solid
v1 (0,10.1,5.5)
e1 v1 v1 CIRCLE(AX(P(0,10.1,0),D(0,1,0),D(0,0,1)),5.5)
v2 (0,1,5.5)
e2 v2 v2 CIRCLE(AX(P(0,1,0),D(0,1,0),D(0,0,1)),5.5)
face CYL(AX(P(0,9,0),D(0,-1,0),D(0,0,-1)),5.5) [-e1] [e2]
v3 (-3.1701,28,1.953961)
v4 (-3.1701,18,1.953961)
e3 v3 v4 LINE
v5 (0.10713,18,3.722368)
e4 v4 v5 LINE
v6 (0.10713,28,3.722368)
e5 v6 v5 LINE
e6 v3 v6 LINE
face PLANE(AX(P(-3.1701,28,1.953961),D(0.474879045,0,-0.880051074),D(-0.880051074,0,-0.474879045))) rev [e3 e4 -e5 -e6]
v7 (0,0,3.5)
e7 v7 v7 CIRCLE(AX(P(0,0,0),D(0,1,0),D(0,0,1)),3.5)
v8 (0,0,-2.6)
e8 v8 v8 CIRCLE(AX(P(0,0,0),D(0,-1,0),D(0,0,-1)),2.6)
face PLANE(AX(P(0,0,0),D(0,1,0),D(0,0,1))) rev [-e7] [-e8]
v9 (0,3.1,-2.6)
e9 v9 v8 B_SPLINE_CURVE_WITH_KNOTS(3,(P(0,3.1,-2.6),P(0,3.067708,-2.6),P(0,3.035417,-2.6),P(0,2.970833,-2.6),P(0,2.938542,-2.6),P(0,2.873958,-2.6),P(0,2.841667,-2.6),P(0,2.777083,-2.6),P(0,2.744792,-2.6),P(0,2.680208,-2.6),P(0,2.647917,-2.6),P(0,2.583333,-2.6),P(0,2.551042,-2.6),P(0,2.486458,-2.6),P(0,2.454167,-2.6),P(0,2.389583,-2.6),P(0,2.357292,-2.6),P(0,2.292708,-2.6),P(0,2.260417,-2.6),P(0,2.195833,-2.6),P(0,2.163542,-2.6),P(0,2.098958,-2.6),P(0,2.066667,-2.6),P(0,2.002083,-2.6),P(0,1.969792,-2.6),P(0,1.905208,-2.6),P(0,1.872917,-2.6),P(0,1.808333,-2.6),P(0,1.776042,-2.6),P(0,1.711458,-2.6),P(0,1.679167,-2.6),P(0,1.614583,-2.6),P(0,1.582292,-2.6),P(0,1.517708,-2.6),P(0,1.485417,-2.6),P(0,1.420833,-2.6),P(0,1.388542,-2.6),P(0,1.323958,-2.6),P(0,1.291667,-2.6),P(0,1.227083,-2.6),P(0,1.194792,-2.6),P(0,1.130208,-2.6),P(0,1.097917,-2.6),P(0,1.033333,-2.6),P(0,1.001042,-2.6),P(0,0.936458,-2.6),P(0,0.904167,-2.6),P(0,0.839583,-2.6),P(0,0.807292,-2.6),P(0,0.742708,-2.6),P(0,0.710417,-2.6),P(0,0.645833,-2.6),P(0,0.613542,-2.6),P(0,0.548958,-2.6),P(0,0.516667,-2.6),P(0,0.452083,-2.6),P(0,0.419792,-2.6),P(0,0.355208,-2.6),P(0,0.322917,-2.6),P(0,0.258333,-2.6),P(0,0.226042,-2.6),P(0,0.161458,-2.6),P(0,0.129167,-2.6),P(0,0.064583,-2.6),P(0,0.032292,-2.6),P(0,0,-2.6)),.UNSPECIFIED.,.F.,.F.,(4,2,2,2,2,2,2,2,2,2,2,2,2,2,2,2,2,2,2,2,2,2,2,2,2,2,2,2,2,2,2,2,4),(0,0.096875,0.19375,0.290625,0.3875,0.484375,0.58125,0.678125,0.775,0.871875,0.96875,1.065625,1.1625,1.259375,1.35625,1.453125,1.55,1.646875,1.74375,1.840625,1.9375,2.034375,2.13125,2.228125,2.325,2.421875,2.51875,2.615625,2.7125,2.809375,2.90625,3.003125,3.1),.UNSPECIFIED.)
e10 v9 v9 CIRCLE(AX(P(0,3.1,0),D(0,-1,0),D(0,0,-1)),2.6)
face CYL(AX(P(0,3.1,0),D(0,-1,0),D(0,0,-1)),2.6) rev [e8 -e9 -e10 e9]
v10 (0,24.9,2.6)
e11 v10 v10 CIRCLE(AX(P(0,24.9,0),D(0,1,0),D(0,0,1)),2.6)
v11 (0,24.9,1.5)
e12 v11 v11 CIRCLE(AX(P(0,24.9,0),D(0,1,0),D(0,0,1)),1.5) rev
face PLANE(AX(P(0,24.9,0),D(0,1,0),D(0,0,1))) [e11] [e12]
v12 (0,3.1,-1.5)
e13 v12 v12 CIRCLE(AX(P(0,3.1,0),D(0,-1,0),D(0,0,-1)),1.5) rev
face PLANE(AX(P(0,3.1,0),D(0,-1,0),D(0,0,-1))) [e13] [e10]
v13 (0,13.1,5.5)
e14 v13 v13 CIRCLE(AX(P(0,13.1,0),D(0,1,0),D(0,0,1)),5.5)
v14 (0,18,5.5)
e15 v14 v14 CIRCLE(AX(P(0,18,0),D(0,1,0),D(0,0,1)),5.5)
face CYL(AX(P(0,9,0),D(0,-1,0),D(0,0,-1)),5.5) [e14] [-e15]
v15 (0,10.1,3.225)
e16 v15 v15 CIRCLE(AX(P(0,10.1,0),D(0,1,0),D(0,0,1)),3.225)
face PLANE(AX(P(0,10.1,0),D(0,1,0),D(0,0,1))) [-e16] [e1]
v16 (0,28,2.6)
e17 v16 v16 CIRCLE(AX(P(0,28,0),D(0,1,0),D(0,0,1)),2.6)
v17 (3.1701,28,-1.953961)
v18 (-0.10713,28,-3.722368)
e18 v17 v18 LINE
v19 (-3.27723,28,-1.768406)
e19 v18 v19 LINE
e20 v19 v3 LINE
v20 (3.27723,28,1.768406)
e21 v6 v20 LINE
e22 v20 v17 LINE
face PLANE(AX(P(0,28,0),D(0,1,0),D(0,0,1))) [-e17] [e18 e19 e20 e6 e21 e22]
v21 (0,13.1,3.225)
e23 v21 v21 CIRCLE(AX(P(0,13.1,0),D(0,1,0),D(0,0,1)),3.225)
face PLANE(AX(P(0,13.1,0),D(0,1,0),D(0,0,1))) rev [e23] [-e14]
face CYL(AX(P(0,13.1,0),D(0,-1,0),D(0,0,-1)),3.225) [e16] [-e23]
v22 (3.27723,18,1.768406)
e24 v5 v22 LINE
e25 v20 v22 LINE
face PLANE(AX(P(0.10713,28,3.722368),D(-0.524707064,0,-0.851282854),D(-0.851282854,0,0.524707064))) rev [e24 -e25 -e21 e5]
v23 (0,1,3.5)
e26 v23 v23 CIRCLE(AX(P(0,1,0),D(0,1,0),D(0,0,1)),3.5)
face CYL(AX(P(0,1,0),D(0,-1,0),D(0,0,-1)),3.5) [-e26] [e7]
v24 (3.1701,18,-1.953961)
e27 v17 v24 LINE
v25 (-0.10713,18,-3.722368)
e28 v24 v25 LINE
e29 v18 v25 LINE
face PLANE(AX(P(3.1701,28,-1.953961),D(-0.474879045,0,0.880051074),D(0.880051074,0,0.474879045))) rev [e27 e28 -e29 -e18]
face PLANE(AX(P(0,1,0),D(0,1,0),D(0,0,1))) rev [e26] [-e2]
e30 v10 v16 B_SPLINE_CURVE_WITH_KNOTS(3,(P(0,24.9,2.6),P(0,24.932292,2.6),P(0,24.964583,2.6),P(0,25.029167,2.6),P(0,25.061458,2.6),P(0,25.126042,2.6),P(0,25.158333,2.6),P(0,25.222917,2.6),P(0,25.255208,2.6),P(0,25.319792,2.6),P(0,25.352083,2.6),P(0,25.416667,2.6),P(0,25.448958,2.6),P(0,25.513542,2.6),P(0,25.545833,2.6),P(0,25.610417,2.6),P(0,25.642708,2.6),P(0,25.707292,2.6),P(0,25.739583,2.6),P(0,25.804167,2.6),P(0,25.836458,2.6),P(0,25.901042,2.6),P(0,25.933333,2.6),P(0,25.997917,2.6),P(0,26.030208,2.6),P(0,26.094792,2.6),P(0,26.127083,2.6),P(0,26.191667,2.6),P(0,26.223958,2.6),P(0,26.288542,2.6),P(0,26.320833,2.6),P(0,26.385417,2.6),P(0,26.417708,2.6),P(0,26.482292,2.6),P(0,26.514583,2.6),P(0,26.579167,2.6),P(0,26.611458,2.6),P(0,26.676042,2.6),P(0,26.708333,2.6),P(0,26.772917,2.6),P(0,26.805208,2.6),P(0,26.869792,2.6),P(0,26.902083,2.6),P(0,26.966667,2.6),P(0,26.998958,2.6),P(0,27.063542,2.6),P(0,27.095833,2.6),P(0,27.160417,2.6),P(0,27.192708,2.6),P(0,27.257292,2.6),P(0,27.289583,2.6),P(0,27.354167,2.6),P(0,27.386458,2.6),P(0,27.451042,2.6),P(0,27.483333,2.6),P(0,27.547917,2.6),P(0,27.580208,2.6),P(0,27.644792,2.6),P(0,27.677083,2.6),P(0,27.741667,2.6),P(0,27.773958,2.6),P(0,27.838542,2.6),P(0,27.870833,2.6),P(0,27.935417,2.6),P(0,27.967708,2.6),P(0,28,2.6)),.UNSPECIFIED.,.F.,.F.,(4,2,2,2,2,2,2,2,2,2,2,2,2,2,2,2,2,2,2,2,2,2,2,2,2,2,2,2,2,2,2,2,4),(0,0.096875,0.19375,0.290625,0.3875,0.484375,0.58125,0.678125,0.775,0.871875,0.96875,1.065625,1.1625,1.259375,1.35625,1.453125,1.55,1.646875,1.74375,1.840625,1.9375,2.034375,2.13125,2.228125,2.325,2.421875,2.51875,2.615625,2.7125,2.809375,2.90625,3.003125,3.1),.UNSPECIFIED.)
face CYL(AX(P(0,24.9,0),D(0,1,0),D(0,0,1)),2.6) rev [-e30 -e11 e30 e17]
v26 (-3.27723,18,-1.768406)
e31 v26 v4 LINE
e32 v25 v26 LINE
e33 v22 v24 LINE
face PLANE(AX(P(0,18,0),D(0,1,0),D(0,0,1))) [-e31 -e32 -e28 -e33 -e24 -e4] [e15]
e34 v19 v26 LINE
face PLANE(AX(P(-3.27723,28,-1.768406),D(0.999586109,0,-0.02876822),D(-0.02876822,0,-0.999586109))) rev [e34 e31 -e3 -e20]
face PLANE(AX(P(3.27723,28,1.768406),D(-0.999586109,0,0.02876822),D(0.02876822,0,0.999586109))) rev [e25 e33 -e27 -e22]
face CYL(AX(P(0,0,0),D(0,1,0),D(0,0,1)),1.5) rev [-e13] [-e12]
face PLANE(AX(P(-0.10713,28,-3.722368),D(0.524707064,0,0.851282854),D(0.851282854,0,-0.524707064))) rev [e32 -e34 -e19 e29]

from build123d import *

# Parameters (mm, degrees)
SKETCH1_R           = 3.5
BOSS_EXTRUDE1_DEPTH = 1
SKETCH2_R           = 5.5
BOSS_EXTRUDE2_DEPTH = 8
SKETCH3_R           = 5.5
BOSS_EXTRUDE3_DEPTH = 9
BOSS_EXTRUDE5_DEPTH = 10
SKETCH5_R           = 1.5
CUT_EXTRUDE1_DEPTH  = 30.060282173
SKETCH6_R           = 2.6
CUT_EXTRUDE2_DEPTH  = 3.1
SKETCH7_R           = 8.67620316
SKETCH7_R_2         = 3.225
CUT_EXTRUDE3_DEPTH  = 3
CUT_EXTRUDE4_START  = -3.1
SKETCH8_R           = 2.6
CUT_EXTRUDE4_DEPTH  = 3.1


with BuildPart() as part:
    # Sketch1 → Boss-Extrude1 (new body)
    with BuildSketch(Plane(origin=(0, 0, 0), x_dir=(1, 0, 0), z_dir=(0, 1, 0))):
        with Locations(Location((0, 0, 0), (0, 0, 270))):
            Circle(SKETCH1_R)
    extrude(amount=BOSS_EXTRUDE1_DEPTH)

    # Sketch2 → Boss-Extrude2 (add)
    with BuildSketch(Plane(origin=(0, 1, 0), x_dir=(1, 0, 0), z_dir=(0, 1, 0))):
        with Locations(Location((0, 0, 0), (0, 0, 270))):
            Circle(SKETCH2_R)
    extrude(amount=BOSS_EXTRUDE2_DEPTH)

    # Sketch3 → Boss-Extrude3 (add)
    with BuildSketch(Plane(origin=(0, 9, 0), x_dir=(1, 0, 0), z_dir=(0, 1, 0))):
        with Locations(Location((0, 0, 0), (0, 0, 270))):
            Circle(SKETCH3_R)
    extrude(amount=BOSS_EXTRUDE3_DEPTH)

    # Sketch4 → Boss-Extrude5 (add)
    with BuildSketch(Plane(origin=(0, 18, 0), x_dir=(1, 0, 0), z_dir=(0, 1, 0))):
        Polygon((3.277230323, -1.768406461), (3.170100081, 1.953961483), (-0.107130242, 3.722367944), (-3.277230323, 1.768406461), (-3.170100081, -1.953961483), (0.107130242, -3.722367944), align=None)
    extrude(amount=BOSS_EXTRUDE5_DEPTH)

    # Sketch5 → Cut-Extrude1 (cut, through all)
    with BuildSketch(Plane(origin=(0, 28, 0), x_dir=(1, 0, 0), z_dir=(0, 1, 0))):
        with Locations(Location((0, 0, 0), (0, 0, 270))):
            Circle(SKETCH5_R)
    extrude(amount=-CUT_EXTRUDE1_DEPTH, mode=Mode.SUBTRACT)

    # Sketch6 → Cut-Extrude2 (cut)
    with BuildSketch(Plane.XZ):
        with Locations(Location((0, 0, 0), (0, 0, 270))):
            Circle(SKETCH6_R)
    extrude(amount=-CUT_EXTRUDE2_DEPTH, mode=Mode.SUBTRACT)

    # Sketch7 → Cut-Extrude3 (cut)
    with BuildSketch(Plane(origin=(0, 10.1, 0), x_dir=(1, 0, 0), z_dir=(0, 1, 0))):
        Circle(SKETCH7_R)
        with Locations(Location((0, 0, 0), (0, 0, 270))):
            Circle(SKETCH7_R_2, mode=Mode.SUBTRACT)
    extrude(amount=CUT_EXTRUDE3_DEPTH, mode=Mode.SUBTRACT)

    # Sketch8 → Cut-Extrude4 (cut)
    with BuildSketch(Plane(origin=(0, 28, 0), x_dir=(1, 0, 0), z_dir=(0, 1, 0)).offset(CUT_EXTRUDE4_START)):
        with Locations(Location((0, 0, 0), (0, 0, 90))):
            Circle(SKETCH8_R)
    extrude(amount=CUT_EXTRUDE4_DEPTH, mode=Mode.SUBTRACT)


solid = part.part
